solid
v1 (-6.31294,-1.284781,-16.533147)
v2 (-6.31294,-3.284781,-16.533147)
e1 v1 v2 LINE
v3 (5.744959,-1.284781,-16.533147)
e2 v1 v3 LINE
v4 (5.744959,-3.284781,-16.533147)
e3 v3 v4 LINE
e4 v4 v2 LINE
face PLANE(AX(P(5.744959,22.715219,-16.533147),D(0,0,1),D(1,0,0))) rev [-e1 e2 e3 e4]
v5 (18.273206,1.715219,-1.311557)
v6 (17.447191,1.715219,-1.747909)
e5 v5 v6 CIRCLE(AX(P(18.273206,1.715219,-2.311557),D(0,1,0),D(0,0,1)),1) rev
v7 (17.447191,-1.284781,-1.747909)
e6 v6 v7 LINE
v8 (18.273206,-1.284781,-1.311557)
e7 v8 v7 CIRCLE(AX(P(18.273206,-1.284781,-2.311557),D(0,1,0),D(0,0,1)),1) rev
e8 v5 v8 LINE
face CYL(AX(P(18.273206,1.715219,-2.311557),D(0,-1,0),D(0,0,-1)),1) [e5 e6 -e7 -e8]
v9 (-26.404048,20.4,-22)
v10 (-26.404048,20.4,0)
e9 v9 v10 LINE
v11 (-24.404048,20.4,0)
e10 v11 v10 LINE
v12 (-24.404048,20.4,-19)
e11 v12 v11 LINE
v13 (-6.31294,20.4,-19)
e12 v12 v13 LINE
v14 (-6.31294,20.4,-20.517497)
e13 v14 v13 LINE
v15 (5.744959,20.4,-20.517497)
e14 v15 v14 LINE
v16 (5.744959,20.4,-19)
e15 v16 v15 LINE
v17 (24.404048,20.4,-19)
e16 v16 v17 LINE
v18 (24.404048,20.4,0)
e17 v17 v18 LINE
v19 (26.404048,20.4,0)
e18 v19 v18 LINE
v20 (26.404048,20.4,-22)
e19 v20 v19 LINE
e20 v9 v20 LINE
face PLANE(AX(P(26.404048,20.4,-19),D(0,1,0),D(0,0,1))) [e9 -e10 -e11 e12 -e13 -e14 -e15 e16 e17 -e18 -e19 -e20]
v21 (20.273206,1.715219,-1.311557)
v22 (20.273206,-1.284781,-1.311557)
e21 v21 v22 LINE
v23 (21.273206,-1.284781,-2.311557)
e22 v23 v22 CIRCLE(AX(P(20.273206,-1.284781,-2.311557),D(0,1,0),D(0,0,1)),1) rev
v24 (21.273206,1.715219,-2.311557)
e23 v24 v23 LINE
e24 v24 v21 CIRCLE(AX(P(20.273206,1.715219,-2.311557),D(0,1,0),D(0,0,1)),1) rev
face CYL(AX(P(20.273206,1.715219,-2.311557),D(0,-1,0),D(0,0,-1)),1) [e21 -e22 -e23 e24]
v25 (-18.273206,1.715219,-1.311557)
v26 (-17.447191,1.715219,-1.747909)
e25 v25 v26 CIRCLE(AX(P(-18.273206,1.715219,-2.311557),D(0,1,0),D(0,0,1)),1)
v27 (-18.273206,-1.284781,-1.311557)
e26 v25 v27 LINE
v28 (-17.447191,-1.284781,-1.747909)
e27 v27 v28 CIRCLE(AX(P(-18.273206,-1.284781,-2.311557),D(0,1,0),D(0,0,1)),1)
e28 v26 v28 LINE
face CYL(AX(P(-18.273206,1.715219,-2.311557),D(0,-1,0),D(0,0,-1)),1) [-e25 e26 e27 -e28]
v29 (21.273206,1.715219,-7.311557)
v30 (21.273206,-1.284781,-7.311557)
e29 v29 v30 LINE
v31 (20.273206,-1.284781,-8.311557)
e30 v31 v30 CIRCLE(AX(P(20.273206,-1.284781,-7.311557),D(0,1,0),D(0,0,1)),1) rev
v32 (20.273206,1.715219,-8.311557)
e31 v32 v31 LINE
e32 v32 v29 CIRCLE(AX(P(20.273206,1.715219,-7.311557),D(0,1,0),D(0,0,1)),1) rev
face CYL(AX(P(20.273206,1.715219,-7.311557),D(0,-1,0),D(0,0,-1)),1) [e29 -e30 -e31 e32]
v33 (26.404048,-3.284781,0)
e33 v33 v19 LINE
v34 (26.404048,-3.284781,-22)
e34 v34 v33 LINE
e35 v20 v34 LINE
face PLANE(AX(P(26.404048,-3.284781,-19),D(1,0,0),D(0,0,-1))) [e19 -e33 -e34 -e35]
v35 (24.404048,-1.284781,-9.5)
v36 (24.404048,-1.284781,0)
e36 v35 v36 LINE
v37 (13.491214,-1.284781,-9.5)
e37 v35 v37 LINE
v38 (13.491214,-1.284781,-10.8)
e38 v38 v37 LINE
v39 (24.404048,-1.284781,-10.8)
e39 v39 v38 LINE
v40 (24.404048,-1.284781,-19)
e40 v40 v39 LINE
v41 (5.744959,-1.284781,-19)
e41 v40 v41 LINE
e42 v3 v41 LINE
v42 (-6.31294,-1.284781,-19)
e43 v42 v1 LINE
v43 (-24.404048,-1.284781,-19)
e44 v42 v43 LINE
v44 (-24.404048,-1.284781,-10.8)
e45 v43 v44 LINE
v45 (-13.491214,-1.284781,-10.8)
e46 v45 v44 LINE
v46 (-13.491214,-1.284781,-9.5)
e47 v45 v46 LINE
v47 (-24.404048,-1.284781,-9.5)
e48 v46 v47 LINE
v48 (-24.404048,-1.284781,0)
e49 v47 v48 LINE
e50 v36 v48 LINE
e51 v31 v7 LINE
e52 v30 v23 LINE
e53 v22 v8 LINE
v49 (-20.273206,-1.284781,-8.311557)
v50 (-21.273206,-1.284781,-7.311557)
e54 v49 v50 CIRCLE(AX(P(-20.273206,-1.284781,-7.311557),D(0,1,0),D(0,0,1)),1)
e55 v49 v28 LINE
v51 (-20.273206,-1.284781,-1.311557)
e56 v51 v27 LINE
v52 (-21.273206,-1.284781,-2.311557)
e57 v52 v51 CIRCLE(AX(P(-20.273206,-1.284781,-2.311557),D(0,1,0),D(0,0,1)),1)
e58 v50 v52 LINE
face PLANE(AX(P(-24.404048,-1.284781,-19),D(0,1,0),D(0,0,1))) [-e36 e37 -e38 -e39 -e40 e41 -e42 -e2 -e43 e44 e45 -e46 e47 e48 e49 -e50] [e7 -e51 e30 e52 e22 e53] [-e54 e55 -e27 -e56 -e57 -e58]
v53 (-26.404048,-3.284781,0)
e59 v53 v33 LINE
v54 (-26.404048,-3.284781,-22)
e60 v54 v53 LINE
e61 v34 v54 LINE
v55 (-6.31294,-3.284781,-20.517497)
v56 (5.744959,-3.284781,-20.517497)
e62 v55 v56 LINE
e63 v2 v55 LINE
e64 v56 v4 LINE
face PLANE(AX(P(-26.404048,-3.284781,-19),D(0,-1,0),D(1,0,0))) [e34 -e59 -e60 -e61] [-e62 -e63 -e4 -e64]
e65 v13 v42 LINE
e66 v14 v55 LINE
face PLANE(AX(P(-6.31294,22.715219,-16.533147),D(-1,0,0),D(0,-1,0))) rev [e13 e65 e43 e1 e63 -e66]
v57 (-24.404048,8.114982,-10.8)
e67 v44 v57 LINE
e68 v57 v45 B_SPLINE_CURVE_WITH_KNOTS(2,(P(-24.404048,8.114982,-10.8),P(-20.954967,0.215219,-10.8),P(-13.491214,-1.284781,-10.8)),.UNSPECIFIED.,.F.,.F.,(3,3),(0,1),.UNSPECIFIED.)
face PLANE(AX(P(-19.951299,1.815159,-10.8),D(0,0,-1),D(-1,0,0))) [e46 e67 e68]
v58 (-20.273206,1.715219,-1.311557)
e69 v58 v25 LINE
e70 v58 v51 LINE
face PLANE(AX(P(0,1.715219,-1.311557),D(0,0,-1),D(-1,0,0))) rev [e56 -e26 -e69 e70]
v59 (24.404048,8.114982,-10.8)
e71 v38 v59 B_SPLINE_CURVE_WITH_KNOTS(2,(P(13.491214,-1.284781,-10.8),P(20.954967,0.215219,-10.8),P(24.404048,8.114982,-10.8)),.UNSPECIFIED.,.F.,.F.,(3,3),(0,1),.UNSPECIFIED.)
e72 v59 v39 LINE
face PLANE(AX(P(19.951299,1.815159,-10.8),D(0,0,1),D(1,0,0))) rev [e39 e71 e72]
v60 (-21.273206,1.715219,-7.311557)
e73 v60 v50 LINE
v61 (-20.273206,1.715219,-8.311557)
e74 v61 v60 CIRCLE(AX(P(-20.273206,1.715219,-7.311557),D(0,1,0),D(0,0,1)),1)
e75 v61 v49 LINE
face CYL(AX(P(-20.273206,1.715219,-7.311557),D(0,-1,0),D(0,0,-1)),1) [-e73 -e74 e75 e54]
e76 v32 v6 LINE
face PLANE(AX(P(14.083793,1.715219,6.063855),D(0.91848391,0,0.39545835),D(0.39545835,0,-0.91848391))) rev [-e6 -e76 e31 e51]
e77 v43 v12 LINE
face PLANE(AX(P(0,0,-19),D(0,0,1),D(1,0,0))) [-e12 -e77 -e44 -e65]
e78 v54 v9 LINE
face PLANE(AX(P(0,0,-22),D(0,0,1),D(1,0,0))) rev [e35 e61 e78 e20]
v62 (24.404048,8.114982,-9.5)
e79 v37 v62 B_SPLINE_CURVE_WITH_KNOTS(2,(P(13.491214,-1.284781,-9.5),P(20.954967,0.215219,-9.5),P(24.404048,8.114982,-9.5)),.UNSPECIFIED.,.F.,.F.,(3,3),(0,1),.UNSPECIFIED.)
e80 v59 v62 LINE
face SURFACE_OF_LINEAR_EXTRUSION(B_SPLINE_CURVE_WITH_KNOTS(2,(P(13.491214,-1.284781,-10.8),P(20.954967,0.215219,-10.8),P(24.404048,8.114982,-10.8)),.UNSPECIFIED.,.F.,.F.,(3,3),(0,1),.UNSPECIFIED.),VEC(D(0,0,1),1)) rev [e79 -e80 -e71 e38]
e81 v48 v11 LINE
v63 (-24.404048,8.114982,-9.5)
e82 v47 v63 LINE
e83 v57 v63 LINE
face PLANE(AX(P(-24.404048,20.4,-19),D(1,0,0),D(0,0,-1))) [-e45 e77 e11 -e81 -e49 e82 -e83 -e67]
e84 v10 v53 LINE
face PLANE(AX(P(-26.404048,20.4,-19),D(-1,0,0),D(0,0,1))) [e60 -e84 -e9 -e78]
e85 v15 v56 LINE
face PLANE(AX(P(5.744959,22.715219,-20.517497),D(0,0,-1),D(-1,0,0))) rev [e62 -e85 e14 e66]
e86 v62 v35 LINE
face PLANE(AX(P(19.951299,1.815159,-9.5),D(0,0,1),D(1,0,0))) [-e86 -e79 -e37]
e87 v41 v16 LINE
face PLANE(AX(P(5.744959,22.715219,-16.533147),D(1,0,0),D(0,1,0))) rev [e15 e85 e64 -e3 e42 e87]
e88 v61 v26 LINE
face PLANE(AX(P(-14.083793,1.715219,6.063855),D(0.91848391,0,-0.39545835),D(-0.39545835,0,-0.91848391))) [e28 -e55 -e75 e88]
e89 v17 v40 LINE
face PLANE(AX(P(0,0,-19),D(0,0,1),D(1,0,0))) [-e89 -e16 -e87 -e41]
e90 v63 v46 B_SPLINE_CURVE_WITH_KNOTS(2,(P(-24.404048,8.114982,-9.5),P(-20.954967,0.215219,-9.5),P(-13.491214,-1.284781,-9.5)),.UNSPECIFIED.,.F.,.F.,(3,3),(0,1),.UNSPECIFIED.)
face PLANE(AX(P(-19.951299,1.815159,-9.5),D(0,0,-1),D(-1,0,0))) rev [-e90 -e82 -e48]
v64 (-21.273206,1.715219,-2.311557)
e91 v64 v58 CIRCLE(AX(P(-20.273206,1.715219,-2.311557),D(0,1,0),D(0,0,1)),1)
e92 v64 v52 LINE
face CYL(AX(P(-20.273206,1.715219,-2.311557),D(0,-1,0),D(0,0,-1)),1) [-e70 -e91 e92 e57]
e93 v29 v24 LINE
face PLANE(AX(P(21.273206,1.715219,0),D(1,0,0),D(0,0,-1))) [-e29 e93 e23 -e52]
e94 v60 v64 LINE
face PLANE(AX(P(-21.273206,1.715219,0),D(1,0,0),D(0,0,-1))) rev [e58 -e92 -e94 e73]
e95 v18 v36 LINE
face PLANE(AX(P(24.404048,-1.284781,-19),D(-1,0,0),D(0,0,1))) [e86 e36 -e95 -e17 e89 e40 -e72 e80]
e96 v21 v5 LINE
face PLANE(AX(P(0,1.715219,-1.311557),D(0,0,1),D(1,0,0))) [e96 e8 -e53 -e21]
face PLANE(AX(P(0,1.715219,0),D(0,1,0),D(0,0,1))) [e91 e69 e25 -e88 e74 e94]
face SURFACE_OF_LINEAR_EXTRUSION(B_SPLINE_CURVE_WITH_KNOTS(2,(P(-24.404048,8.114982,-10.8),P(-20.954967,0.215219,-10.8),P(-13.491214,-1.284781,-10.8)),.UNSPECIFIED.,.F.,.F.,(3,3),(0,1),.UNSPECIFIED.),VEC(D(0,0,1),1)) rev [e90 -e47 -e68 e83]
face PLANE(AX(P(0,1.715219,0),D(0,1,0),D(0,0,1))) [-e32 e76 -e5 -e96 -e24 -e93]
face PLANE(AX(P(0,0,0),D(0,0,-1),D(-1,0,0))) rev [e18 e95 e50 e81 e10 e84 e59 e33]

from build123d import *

# Parameters (mm, degrees)
SALIENTE_EXTRUIR1_DEPTH = 19
CROQUIS3_W              = 52.808095268
CROQUIS3_H              = 23.684781413
SALIENTE_EXTRUIR2_DEPTH = 3
CROQUIS4_W              = 12.057899081
CROQUIS4_H              = 3.984349261
CORTAR_EXTRUIR1_DEPTH   = 26
SALIENTE_EXTRUIR3_DEPTH = 3
SALIENTE_EXTRUIR4_DEPTH = 1.3


with BuildPart() as part:
    # Croquis1 → Saliente-Extruir1 (new body)
    with BuildSketch(Plane.XY):
        Polygon((-24.404047634, 20.4), (-24.404047634, -1.284781413), (24.404047634, -1.284781413), (24.404047634, 20.4), (26.404047634, 20.4), (26.404047634, -3.284781413), (-26.404047634, -3.284781413), (-26.404047634, 20.4), align=None)
    extrude(amount=-SALIENTE_EXTRUIR1_DEPTH)

    # Croquis3 → Saliente-Extruir2 (add)
    with BuildSketch(Plane(origin=(0, 0, -19), x_dir=(-1, 0, 0), z_dir=(0, 0, -1))):
        with Locations((0, 8.557609294)):
            Rectangle(CROQUIS3_W, CROQUIS3_H)
    extrude(amount=SALIENTE_EXTRUIR2_DEPTH)

    # Croquis4 → Cortar-Extruir1 (cut)
    with BuildSketch(Plane.XZ.offset(3.284781413)):
        with Locations((-0.283990929, -18.525322076)):
            Rectangle(CROQUIS4_W, CROQUIS4_H)
    extrude(amount=-CORTAR_EXTRUIR1_DEPTH, mode=Mode.SUBTRACT)

    # Croquis8 → Saliente-Extruir3 (add)
    with BuildSketch(Plane(origin=(0, -1.284781413, 0), x_dir=(1, 0, 0), z_dir=(0, 1, 0))):
        with BuildLine():
            Line((-20.273206473, 1.311556937), (-18.273206473, 1.311556937))
            ThreePointArc((-18.273206473, 1.311556937), (-17.806113325, 1.427348822), (-17.447191369, 1.747908954))
            Line((-17.447191369, 1.747908954), (-20.273206473, 8.311556937))
            ThreePointArc((-20.273206473, 8.311556937), (-20.980313254, 8.018663718), (-21.273206473, 7.311556937))
            Line((-21.273206473, 7.311556937), (-21.273206473, 2.311556937))
            ThreePointArc((-21.273206473, 2.311556937), (-20.980313254, 1.604450156), (-20.273206473, 1.311556937))
        make_face()
        with BuildLine():
            Line((20.273206473, 1.311556937), (18.273206473, 1.311556937))
            ThreePointArc((18.273206473, 1.311556937), (17.806113325, 1.427348822), (17.447191369, 1.747908954))
            Line((17.447191369, 1.747908954), (20.273206473, 8.311556937))
            ThreePointArc((20.273206473, 8.311556937), (20.980313254, 8.018663718), (21.273206473, 7.311556937))
            Line((21.273206473, 7.311556937), (21.273206473, 2.311556937))
            ThreePointArc((21.273206473, 2.311556937), (20.980313254, 1.604450156), (20.273206473, 1.311556937))
        make_face()
    extrude(amount=SALIENTE_EXTRUIR3_DEPTH)

    # Croquis9 → Saliente-Extruir4 (add)
    with BuildSketch(Plane(origin=(0, 0, -9.5), x_dir=(-1, 0, 0), z_dir=(0, 0, -1))):
        with BuildLine():
            Line((24.404047634, -1.284781413), (13.491213659, -1.284781413))
            add(Edge.make_bspline(
                [(24.404047634, 8.114982057), (20.954967317, 0.215218587), (13.491213659, -1.284781413)],
                knots=[0, 0, 0, 1, 1, 1], degree=2))
            Line((24.404047634, 8.114982057), (24.404047634, -1.284781413))
        make_face()
        with BuildLine():
            Line((-24.404047634, -1.284781413), (-13.491213659, -1.284781413))
            add(Edge.make_bspline(
                [(-24.404047634, 8.114982057), (-20.954967317, 0.215218587), (-13.491213659, -1.284781413)],
                knots=[0, 0, 0, 1, 1, 1], degree=2))
            Line((-24.404047634, 8.114982057), (-24.404047634, -1.284781413))
        make_face()
    extrude(amount=SALIENTE_EXTRUIR4_DEPTH)


solid = part.part
